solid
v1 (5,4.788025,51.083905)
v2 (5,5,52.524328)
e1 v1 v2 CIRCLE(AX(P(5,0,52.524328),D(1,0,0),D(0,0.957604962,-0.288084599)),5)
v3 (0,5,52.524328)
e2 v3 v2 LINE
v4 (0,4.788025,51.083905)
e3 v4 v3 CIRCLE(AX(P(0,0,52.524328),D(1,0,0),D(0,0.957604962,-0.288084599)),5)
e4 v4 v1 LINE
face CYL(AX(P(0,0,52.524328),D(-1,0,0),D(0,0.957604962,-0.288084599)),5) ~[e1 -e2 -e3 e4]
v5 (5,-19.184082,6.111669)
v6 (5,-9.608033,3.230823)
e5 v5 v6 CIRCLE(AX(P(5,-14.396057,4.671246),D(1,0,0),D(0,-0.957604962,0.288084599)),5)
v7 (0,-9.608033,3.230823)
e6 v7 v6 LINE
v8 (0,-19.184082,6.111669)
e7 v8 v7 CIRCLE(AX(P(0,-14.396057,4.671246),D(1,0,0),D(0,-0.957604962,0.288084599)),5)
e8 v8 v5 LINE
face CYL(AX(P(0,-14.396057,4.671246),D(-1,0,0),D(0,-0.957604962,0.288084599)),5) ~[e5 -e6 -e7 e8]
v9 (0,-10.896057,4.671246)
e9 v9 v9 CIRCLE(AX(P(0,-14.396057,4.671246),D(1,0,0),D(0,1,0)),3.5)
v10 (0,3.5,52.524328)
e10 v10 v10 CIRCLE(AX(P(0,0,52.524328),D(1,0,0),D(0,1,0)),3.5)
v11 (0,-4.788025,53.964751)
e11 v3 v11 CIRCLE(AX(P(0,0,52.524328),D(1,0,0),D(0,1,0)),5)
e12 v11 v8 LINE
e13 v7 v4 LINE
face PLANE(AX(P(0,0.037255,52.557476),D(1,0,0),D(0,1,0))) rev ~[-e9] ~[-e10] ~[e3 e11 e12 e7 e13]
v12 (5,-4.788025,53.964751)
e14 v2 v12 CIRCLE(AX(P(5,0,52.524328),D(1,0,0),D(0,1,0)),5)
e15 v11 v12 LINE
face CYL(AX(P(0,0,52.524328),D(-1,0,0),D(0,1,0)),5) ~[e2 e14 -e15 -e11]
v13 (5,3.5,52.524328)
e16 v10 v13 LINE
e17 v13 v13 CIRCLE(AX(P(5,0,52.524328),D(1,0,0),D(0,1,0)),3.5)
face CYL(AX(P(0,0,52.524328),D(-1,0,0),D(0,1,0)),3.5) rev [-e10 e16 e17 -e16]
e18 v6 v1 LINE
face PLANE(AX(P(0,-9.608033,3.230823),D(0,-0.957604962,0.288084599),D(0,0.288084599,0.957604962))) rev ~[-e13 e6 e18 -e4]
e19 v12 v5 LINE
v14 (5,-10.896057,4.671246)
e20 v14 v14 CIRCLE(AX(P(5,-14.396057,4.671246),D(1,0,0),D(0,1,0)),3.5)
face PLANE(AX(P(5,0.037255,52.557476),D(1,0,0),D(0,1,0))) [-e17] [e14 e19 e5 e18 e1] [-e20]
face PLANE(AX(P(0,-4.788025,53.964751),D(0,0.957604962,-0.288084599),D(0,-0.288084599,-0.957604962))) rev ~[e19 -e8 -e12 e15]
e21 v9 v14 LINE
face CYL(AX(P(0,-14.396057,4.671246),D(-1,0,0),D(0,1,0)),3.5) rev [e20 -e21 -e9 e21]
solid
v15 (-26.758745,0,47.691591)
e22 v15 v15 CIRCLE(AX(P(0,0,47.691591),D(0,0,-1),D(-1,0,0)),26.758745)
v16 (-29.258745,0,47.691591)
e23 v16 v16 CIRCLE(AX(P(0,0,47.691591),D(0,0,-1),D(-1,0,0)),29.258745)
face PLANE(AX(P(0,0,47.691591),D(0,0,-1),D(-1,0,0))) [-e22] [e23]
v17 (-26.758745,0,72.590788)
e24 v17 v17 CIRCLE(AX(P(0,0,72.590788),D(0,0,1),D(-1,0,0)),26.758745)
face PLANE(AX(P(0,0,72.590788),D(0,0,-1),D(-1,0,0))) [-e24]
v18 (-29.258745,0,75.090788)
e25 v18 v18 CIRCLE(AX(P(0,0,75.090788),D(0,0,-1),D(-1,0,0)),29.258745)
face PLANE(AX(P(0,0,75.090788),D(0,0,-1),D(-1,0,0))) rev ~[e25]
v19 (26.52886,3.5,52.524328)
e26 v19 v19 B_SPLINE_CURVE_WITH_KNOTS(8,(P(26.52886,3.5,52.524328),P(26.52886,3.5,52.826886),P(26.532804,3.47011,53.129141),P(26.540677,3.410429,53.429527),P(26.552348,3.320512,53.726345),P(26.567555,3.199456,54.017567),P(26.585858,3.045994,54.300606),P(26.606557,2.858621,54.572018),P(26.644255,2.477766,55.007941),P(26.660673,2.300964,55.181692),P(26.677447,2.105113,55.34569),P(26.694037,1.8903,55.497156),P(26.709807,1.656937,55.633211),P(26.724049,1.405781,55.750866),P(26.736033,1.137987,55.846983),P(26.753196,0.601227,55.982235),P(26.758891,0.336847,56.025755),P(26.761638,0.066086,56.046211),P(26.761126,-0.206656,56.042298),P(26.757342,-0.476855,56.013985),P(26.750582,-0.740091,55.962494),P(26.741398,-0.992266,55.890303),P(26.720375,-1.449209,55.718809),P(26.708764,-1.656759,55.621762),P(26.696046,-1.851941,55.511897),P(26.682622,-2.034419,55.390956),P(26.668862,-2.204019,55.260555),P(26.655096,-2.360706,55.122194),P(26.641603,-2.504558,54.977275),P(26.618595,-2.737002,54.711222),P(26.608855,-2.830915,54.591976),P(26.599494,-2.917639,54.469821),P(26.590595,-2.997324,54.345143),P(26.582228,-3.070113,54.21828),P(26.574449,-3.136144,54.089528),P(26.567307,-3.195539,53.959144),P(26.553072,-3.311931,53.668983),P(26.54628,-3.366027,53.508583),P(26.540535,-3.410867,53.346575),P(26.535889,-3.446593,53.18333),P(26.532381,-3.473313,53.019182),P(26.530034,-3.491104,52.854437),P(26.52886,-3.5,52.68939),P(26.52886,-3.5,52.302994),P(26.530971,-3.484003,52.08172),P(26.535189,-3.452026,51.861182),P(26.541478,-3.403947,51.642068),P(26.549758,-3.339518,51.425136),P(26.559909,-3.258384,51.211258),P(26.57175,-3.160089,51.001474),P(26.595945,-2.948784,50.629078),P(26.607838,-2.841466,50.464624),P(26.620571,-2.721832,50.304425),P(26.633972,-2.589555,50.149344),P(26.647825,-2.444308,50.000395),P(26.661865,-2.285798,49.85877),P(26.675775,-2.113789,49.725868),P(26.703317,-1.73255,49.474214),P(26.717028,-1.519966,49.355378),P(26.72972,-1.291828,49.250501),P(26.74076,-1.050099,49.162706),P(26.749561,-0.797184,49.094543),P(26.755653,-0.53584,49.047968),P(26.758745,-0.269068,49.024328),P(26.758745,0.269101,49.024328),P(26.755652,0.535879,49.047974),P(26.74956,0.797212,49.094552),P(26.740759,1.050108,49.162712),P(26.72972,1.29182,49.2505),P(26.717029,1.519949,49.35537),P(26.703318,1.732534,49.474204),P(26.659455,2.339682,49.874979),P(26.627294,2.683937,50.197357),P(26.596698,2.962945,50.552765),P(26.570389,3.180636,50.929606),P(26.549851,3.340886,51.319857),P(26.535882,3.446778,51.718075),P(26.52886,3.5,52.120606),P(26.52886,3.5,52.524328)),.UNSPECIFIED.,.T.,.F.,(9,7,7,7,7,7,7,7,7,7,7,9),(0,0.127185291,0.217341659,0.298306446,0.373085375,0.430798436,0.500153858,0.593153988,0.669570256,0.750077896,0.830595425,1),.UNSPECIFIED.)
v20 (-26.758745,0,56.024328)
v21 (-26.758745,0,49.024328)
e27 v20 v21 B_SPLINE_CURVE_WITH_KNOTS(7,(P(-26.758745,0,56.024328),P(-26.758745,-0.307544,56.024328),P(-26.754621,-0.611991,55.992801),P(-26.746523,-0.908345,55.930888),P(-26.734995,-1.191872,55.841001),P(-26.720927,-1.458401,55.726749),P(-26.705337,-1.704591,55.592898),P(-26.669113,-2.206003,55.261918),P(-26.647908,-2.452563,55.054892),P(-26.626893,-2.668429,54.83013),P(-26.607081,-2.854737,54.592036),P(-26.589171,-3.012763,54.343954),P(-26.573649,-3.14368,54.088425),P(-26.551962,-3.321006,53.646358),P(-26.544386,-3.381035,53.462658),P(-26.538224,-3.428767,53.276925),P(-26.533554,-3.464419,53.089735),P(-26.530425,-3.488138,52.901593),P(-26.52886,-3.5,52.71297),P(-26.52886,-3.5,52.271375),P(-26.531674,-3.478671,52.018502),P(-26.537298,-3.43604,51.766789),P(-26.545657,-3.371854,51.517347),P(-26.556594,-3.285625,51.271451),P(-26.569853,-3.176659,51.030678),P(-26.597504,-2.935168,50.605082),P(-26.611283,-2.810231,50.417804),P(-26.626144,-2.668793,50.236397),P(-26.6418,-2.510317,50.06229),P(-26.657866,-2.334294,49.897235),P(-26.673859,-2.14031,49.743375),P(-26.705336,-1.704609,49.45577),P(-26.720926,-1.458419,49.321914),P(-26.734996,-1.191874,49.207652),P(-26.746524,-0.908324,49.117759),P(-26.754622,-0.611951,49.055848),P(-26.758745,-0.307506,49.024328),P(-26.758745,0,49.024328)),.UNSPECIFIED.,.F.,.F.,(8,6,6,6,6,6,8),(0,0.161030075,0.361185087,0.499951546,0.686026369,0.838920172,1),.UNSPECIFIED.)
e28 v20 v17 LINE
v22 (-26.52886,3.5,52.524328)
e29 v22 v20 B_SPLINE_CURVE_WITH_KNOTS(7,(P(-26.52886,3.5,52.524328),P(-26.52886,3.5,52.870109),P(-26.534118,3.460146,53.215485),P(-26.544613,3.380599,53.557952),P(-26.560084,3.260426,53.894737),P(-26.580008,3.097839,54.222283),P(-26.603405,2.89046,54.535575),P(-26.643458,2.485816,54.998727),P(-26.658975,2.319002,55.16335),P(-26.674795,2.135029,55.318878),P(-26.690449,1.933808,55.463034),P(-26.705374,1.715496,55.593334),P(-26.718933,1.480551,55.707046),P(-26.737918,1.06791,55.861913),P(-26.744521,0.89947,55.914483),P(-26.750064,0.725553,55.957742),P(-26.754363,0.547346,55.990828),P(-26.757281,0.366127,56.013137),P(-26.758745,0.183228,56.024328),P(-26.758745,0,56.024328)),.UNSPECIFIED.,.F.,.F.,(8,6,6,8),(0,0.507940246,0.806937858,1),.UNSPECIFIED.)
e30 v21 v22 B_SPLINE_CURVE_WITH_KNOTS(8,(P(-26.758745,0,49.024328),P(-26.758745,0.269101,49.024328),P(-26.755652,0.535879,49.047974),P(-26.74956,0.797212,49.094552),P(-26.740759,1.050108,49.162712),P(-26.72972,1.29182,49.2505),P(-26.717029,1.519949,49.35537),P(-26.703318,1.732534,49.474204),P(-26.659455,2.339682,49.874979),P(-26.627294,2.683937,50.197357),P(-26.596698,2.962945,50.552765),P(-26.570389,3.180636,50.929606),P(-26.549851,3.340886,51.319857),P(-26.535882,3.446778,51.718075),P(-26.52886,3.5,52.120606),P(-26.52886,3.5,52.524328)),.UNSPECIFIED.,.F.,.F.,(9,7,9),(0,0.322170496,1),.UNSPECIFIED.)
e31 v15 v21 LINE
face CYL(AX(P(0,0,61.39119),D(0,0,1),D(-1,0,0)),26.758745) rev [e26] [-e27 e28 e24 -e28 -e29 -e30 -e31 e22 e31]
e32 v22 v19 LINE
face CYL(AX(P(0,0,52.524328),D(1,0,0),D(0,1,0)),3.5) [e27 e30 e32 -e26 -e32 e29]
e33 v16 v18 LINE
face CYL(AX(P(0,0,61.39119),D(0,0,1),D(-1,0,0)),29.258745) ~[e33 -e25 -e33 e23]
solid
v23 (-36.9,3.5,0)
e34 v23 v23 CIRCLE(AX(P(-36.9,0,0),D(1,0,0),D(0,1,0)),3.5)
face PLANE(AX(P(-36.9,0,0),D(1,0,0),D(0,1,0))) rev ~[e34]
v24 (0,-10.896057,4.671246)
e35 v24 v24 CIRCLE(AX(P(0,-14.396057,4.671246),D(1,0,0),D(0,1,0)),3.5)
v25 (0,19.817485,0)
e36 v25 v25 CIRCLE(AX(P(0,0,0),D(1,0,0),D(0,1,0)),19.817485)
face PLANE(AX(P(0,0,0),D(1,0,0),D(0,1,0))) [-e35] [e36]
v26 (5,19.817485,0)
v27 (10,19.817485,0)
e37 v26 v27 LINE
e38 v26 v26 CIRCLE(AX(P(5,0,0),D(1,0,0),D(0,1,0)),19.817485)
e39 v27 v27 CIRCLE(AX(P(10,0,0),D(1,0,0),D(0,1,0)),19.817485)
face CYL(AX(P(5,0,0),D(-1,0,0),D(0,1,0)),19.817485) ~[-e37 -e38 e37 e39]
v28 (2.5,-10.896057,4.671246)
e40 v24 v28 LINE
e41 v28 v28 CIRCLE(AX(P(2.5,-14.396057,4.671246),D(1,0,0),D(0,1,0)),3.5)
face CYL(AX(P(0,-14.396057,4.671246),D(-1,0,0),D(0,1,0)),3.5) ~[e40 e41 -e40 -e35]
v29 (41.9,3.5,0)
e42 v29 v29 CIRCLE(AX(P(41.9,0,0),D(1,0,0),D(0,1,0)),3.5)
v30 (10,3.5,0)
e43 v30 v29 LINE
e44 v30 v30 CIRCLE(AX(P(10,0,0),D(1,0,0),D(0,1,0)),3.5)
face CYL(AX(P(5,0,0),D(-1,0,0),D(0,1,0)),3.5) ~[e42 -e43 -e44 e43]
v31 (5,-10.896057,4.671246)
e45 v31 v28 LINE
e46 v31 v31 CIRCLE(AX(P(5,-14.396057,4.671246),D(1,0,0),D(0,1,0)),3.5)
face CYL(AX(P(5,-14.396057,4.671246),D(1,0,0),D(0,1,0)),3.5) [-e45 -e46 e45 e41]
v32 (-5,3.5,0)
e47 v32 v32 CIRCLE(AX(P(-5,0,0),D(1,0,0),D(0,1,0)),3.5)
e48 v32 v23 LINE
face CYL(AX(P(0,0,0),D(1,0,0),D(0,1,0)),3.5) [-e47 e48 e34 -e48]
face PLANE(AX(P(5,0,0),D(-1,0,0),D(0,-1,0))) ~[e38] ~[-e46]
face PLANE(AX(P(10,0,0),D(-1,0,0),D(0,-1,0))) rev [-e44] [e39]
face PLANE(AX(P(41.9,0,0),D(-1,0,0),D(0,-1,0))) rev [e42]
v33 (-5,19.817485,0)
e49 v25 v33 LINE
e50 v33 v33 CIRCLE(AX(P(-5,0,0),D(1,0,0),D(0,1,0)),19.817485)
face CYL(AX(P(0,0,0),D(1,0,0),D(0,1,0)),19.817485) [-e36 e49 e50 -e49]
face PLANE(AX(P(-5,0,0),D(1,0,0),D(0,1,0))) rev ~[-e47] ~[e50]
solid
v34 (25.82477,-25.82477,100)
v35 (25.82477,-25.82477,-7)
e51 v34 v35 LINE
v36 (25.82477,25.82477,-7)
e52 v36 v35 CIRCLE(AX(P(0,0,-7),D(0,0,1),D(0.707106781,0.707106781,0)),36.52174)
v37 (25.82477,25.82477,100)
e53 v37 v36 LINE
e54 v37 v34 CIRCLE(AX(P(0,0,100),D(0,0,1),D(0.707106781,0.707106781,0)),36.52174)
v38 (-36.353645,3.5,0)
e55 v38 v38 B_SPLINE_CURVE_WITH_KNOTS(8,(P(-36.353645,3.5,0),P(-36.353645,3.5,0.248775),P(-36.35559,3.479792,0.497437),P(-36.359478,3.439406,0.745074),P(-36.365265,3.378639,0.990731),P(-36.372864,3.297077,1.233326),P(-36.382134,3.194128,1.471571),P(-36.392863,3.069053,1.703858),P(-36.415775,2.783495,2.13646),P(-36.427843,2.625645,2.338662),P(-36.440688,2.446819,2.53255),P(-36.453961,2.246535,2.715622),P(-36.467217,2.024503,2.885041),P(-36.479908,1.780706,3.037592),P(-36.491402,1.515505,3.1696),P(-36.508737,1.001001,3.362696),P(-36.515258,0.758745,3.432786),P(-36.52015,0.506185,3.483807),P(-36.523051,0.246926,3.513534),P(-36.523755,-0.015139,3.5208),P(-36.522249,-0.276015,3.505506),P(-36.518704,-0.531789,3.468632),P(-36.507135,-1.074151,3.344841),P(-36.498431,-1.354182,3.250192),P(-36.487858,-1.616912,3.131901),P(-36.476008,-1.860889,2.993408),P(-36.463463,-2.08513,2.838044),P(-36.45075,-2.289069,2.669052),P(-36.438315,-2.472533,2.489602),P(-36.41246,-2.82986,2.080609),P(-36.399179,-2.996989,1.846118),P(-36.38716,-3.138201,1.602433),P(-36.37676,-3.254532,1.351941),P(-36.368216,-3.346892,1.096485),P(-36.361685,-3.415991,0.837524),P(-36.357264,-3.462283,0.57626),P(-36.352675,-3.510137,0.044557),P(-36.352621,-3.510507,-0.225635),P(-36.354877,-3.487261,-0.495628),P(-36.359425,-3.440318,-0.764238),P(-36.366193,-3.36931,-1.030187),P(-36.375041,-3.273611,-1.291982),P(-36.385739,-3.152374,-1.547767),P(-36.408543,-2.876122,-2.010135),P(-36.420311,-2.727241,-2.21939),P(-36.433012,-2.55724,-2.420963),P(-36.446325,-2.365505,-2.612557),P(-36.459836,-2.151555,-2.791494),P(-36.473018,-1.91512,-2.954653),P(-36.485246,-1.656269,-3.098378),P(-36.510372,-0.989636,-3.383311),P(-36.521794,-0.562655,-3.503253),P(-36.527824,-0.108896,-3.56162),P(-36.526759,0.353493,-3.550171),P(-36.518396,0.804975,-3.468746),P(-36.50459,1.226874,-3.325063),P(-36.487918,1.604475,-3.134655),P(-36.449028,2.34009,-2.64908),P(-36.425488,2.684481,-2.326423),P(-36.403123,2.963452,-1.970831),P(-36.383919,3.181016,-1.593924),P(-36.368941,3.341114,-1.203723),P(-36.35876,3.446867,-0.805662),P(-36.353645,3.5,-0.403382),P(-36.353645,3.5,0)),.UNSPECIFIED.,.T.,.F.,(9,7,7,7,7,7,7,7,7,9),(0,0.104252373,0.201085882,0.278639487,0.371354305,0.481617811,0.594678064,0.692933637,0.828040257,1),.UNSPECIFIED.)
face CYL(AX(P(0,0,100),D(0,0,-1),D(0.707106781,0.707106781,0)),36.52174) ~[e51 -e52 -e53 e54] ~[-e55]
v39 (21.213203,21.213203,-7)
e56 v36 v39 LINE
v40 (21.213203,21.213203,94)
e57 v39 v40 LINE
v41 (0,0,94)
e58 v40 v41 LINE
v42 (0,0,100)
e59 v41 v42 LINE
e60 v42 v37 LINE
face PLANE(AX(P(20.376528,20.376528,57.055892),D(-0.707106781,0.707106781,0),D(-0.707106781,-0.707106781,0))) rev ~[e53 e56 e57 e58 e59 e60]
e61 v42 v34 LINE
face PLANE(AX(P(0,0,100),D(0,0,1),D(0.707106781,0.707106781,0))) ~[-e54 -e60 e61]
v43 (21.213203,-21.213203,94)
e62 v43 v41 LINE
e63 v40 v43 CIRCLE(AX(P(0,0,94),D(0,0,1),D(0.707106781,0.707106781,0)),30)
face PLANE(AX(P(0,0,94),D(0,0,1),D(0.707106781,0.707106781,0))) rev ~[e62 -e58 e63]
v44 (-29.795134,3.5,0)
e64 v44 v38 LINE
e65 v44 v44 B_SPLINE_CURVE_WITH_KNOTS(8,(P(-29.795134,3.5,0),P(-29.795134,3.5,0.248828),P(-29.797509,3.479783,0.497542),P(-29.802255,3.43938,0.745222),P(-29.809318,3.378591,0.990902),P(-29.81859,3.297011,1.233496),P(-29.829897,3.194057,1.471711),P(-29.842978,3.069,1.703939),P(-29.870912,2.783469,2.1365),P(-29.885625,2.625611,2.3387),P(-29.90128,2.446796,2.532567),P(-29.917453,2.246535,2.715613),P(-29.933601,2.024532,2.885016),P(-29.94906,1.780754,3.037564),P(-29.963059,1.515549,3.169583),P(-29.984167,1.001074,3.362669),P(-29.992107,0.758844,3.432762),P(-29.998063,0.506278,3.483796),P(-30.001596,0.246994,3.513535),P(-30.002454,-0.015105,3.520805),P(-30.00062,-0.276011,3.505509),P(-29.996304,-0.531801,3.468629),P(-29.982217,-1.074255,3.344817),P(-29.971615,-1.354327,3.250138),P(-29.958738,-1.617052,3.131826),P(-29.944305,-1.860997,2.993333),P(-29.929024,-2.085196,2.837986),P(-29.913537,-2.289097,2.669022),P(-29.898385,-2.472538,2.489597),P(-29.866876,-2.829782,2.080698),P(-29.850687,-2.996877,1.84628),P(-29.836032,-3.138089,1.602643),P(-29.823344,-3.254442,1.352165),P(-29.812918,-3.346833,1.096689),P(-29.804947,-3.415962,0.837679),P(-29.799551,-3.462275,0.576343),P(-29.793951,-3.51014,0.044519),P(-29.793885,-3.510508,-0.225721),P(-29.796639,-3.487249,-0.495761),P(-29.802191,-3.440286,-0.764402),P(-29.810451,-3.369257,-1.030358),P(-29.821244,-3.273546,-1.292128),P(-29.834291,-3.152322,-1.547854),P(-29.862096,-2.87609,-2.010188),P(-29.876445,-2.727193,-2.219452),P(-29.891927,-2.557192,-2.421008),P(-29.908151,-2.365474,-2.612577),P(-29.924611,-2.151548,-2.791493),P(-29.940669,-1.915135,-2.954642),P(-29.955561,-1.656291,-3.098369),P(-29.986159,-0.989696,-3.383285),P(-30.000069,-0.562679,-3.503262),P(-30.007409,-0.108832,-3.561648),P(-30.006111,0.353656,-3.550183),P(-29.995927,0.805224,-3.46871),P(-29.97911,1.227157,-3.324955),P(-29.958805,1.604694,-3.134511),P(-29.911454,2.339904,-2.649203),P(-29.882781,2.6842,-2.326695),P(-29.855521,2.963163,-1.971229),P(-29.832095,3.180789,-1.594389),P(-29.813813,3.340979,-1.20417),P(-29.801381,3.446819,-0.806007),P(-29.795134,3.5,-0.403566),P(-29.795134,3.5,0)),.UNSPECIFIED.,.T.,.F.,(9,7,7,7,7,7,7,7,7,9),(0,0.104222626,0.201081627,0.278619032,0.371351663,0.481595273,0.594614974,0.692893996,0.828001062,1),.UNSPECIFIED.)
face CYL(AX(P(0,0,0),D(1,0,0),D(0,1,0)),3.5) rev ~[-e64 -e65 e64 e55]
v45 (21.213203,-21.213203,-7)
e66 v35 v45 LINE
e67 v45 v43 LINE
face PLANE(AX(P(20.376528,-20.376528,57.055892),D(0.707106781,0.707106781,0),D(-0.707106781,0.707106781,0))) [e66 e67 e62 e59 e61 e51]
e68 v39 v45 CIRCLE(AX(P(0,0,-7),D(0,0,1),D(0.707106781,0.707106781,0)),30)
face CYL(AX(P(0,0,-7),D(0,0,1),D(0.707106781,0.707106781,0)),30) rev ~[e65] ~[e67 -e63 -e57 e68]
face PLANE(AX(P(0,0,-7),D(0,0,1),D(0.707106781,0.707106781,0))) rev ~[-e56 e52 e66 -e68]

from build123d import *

# Parameters (mm, degrees)
F1_ANGLE_BACK = 135
F1_ANGLE      = 270
F2_R          = 3.5
F3_DEPTH      = 36.5227397509
F4_R          = 3.5
F5_DEPTH      = 36.9
F6_R          = 19.8174846099
F7_DEPTH      = 5
F8_R          = 3.5
F9_DEPTH      = 2.5
F10_W         = 29.2587447912
F10_H         = 27.3991972208
F12_T         = -2.5
F13_R         = 3.5
F14_DEPTH     = 28.8
F15_R         = 3.5
F16_DEPTH     = 5


with BuildPart() as f1:
    # F0 (on Front) → F1 (revolve)
    with BuildSketch(Plane.XZ, mode=Mode.PRIVATE) as f1_sk:
        Polygon((-36.5217397509, -7), (-30, -7), (-30, 94), (0, 94), (0, 100), (-36.5217397509, 100), align=None)
    revolve(f1_sk.sketch.rotate(Axis((0, 0, 97), (0, 0, 1)), -F1_ANGLE_BACK), axis=Axis((0, 0, 97), (0, 0, 1)), revolution_arc=F1_ANGLE)

    # F2 (on Right) → F3 (cut, through all)
    with BuildSketch(Plane.YZ):
        Circle(F2_R)
    extrude(amount=-F3_DEPTH, mode=Mode.SUBTRACT)


with BuildPart() as f5:
    # F4 (on Right) → F5 (new body)
    with BuildSketch(Plane.YZ):
        Circle(F4_R)
    extrude(amount=-F5_DEPTH)

    # F6 (on face) → F7 (join)
    with BuildSketch(Plane.YZ):
        Circle(F6_R)
    extrude(amount=-F7_DEPTH)

    # F8 (on face) → F9 (join)
    with BuildSketch(Plane.YZ):
        with Locations((-14.3960574642, 4.6712458134)):
            Circle(F8_R)
    extrude(amount=F9_DEPTH)

    # F17: F5 across face


with BuildPart() as f11:
    # F10 (on Front) → F11 (revolve)
    with BuildSketch(Plane.XZ):
        with Locations((-14.6293723956, 61.3911896944)):
            Rectangle(F10_W, F10_H)
    revolve(axis=Axis((0, 0, 61.3911896944), (0, 0, -1)))

    # F12
    f12_openings = [f11.faces().sort_by_distance(p)[0] for p in [
        (0, 0, 47.691591),
    ]]
    offset(amount=F12_T, openings=f12_openings)

    # F13 (on Right) → F14 (join, symmetric)
    with BuildSketch(Plane.YZ):
        with Locations((0, 52.5243282318)):
            Circle(F13_R)
    extrude(amount=F14_DEPTH, both=True)


with BuildPart() as f16:
    # F15 (on Right) → F16 (new body)
    with BuildSketch(Plane.YZ):
        with BuildLine():
            ThreePointArc((4.7880248113, 51.0839052363), (4.9467223521, 51.7963598454), (5, 52.5243282318))
            ThreePointArc((5, 52.5243282318), (0.7279683865, 57.4710505839), (-4.7880248113, 53.9647512274))
            ThreePointArc((-4.7880248113, 53.9647512274), (-1.4404229956, 47.7363034205), (4.7880248113, 51.0839052363))
        make_face()
        with Locations((0, 52.5243282318)):
            Circle(F15_R, mode=Mode.SUBTRACT)
        with BuildLine():
            ThreePointArc((4.7880248113, 51.0839052363), (-1.4404229956, 47.7363034205), (-4.7880248113, 53.9647512274))
            Line((-4.7880248113, 53.9647512274), (-19.1840822755, 6.1116688089))
            ThreePointArc((-19.1840822755, 6.1116688089), (-13.6680890777, 9.6179681654), (-9.3960574642, 4.6712458134))
            ThreePointArc((-9.3960574642, 4.6712458134), (-9.4493351121, 3.9432774269), (-9.6080326529, 3.2308228178))
            Line((-9.6080326529, 3.2308228178), (4.7880248113, 51.0839052363))
        make_face()
        with BuildLine():
            ThreePointArc((-9.3960574642, 4.6712458134), (-13.6680890777, 9.6179681654), (-19.1840822755, 6.1116688089))
            ThreePointArc((-19.1840822755, 6.1116688089), (-15.8364804597, -0.116778998), (-9.6080326529, 3.2308228178))
            ThreePointArc((-9.6080326529, 3.2308228178), (-9.4493351121, 3.9432774269), (-9.3960574642, 4.6712458134))
        make_face()
        with Locations((-14.3960574642, 4.6712458134)):
            Circle(F15_R, mode=Mode.SUBTRACT)
    extrude(amount=F16_DEPTH)


with BuildPart() as f5_1:
    add(f5.part)
    add(f5.part.mirror(Plane(origin=(2.5, -14.3960574642, 4.6712458134), x_dir=(0, 1, 0), z_dir=(1, 0, 0))))


solid = Compound([f1.part, f11.part, f16.part, f5_1.part])
